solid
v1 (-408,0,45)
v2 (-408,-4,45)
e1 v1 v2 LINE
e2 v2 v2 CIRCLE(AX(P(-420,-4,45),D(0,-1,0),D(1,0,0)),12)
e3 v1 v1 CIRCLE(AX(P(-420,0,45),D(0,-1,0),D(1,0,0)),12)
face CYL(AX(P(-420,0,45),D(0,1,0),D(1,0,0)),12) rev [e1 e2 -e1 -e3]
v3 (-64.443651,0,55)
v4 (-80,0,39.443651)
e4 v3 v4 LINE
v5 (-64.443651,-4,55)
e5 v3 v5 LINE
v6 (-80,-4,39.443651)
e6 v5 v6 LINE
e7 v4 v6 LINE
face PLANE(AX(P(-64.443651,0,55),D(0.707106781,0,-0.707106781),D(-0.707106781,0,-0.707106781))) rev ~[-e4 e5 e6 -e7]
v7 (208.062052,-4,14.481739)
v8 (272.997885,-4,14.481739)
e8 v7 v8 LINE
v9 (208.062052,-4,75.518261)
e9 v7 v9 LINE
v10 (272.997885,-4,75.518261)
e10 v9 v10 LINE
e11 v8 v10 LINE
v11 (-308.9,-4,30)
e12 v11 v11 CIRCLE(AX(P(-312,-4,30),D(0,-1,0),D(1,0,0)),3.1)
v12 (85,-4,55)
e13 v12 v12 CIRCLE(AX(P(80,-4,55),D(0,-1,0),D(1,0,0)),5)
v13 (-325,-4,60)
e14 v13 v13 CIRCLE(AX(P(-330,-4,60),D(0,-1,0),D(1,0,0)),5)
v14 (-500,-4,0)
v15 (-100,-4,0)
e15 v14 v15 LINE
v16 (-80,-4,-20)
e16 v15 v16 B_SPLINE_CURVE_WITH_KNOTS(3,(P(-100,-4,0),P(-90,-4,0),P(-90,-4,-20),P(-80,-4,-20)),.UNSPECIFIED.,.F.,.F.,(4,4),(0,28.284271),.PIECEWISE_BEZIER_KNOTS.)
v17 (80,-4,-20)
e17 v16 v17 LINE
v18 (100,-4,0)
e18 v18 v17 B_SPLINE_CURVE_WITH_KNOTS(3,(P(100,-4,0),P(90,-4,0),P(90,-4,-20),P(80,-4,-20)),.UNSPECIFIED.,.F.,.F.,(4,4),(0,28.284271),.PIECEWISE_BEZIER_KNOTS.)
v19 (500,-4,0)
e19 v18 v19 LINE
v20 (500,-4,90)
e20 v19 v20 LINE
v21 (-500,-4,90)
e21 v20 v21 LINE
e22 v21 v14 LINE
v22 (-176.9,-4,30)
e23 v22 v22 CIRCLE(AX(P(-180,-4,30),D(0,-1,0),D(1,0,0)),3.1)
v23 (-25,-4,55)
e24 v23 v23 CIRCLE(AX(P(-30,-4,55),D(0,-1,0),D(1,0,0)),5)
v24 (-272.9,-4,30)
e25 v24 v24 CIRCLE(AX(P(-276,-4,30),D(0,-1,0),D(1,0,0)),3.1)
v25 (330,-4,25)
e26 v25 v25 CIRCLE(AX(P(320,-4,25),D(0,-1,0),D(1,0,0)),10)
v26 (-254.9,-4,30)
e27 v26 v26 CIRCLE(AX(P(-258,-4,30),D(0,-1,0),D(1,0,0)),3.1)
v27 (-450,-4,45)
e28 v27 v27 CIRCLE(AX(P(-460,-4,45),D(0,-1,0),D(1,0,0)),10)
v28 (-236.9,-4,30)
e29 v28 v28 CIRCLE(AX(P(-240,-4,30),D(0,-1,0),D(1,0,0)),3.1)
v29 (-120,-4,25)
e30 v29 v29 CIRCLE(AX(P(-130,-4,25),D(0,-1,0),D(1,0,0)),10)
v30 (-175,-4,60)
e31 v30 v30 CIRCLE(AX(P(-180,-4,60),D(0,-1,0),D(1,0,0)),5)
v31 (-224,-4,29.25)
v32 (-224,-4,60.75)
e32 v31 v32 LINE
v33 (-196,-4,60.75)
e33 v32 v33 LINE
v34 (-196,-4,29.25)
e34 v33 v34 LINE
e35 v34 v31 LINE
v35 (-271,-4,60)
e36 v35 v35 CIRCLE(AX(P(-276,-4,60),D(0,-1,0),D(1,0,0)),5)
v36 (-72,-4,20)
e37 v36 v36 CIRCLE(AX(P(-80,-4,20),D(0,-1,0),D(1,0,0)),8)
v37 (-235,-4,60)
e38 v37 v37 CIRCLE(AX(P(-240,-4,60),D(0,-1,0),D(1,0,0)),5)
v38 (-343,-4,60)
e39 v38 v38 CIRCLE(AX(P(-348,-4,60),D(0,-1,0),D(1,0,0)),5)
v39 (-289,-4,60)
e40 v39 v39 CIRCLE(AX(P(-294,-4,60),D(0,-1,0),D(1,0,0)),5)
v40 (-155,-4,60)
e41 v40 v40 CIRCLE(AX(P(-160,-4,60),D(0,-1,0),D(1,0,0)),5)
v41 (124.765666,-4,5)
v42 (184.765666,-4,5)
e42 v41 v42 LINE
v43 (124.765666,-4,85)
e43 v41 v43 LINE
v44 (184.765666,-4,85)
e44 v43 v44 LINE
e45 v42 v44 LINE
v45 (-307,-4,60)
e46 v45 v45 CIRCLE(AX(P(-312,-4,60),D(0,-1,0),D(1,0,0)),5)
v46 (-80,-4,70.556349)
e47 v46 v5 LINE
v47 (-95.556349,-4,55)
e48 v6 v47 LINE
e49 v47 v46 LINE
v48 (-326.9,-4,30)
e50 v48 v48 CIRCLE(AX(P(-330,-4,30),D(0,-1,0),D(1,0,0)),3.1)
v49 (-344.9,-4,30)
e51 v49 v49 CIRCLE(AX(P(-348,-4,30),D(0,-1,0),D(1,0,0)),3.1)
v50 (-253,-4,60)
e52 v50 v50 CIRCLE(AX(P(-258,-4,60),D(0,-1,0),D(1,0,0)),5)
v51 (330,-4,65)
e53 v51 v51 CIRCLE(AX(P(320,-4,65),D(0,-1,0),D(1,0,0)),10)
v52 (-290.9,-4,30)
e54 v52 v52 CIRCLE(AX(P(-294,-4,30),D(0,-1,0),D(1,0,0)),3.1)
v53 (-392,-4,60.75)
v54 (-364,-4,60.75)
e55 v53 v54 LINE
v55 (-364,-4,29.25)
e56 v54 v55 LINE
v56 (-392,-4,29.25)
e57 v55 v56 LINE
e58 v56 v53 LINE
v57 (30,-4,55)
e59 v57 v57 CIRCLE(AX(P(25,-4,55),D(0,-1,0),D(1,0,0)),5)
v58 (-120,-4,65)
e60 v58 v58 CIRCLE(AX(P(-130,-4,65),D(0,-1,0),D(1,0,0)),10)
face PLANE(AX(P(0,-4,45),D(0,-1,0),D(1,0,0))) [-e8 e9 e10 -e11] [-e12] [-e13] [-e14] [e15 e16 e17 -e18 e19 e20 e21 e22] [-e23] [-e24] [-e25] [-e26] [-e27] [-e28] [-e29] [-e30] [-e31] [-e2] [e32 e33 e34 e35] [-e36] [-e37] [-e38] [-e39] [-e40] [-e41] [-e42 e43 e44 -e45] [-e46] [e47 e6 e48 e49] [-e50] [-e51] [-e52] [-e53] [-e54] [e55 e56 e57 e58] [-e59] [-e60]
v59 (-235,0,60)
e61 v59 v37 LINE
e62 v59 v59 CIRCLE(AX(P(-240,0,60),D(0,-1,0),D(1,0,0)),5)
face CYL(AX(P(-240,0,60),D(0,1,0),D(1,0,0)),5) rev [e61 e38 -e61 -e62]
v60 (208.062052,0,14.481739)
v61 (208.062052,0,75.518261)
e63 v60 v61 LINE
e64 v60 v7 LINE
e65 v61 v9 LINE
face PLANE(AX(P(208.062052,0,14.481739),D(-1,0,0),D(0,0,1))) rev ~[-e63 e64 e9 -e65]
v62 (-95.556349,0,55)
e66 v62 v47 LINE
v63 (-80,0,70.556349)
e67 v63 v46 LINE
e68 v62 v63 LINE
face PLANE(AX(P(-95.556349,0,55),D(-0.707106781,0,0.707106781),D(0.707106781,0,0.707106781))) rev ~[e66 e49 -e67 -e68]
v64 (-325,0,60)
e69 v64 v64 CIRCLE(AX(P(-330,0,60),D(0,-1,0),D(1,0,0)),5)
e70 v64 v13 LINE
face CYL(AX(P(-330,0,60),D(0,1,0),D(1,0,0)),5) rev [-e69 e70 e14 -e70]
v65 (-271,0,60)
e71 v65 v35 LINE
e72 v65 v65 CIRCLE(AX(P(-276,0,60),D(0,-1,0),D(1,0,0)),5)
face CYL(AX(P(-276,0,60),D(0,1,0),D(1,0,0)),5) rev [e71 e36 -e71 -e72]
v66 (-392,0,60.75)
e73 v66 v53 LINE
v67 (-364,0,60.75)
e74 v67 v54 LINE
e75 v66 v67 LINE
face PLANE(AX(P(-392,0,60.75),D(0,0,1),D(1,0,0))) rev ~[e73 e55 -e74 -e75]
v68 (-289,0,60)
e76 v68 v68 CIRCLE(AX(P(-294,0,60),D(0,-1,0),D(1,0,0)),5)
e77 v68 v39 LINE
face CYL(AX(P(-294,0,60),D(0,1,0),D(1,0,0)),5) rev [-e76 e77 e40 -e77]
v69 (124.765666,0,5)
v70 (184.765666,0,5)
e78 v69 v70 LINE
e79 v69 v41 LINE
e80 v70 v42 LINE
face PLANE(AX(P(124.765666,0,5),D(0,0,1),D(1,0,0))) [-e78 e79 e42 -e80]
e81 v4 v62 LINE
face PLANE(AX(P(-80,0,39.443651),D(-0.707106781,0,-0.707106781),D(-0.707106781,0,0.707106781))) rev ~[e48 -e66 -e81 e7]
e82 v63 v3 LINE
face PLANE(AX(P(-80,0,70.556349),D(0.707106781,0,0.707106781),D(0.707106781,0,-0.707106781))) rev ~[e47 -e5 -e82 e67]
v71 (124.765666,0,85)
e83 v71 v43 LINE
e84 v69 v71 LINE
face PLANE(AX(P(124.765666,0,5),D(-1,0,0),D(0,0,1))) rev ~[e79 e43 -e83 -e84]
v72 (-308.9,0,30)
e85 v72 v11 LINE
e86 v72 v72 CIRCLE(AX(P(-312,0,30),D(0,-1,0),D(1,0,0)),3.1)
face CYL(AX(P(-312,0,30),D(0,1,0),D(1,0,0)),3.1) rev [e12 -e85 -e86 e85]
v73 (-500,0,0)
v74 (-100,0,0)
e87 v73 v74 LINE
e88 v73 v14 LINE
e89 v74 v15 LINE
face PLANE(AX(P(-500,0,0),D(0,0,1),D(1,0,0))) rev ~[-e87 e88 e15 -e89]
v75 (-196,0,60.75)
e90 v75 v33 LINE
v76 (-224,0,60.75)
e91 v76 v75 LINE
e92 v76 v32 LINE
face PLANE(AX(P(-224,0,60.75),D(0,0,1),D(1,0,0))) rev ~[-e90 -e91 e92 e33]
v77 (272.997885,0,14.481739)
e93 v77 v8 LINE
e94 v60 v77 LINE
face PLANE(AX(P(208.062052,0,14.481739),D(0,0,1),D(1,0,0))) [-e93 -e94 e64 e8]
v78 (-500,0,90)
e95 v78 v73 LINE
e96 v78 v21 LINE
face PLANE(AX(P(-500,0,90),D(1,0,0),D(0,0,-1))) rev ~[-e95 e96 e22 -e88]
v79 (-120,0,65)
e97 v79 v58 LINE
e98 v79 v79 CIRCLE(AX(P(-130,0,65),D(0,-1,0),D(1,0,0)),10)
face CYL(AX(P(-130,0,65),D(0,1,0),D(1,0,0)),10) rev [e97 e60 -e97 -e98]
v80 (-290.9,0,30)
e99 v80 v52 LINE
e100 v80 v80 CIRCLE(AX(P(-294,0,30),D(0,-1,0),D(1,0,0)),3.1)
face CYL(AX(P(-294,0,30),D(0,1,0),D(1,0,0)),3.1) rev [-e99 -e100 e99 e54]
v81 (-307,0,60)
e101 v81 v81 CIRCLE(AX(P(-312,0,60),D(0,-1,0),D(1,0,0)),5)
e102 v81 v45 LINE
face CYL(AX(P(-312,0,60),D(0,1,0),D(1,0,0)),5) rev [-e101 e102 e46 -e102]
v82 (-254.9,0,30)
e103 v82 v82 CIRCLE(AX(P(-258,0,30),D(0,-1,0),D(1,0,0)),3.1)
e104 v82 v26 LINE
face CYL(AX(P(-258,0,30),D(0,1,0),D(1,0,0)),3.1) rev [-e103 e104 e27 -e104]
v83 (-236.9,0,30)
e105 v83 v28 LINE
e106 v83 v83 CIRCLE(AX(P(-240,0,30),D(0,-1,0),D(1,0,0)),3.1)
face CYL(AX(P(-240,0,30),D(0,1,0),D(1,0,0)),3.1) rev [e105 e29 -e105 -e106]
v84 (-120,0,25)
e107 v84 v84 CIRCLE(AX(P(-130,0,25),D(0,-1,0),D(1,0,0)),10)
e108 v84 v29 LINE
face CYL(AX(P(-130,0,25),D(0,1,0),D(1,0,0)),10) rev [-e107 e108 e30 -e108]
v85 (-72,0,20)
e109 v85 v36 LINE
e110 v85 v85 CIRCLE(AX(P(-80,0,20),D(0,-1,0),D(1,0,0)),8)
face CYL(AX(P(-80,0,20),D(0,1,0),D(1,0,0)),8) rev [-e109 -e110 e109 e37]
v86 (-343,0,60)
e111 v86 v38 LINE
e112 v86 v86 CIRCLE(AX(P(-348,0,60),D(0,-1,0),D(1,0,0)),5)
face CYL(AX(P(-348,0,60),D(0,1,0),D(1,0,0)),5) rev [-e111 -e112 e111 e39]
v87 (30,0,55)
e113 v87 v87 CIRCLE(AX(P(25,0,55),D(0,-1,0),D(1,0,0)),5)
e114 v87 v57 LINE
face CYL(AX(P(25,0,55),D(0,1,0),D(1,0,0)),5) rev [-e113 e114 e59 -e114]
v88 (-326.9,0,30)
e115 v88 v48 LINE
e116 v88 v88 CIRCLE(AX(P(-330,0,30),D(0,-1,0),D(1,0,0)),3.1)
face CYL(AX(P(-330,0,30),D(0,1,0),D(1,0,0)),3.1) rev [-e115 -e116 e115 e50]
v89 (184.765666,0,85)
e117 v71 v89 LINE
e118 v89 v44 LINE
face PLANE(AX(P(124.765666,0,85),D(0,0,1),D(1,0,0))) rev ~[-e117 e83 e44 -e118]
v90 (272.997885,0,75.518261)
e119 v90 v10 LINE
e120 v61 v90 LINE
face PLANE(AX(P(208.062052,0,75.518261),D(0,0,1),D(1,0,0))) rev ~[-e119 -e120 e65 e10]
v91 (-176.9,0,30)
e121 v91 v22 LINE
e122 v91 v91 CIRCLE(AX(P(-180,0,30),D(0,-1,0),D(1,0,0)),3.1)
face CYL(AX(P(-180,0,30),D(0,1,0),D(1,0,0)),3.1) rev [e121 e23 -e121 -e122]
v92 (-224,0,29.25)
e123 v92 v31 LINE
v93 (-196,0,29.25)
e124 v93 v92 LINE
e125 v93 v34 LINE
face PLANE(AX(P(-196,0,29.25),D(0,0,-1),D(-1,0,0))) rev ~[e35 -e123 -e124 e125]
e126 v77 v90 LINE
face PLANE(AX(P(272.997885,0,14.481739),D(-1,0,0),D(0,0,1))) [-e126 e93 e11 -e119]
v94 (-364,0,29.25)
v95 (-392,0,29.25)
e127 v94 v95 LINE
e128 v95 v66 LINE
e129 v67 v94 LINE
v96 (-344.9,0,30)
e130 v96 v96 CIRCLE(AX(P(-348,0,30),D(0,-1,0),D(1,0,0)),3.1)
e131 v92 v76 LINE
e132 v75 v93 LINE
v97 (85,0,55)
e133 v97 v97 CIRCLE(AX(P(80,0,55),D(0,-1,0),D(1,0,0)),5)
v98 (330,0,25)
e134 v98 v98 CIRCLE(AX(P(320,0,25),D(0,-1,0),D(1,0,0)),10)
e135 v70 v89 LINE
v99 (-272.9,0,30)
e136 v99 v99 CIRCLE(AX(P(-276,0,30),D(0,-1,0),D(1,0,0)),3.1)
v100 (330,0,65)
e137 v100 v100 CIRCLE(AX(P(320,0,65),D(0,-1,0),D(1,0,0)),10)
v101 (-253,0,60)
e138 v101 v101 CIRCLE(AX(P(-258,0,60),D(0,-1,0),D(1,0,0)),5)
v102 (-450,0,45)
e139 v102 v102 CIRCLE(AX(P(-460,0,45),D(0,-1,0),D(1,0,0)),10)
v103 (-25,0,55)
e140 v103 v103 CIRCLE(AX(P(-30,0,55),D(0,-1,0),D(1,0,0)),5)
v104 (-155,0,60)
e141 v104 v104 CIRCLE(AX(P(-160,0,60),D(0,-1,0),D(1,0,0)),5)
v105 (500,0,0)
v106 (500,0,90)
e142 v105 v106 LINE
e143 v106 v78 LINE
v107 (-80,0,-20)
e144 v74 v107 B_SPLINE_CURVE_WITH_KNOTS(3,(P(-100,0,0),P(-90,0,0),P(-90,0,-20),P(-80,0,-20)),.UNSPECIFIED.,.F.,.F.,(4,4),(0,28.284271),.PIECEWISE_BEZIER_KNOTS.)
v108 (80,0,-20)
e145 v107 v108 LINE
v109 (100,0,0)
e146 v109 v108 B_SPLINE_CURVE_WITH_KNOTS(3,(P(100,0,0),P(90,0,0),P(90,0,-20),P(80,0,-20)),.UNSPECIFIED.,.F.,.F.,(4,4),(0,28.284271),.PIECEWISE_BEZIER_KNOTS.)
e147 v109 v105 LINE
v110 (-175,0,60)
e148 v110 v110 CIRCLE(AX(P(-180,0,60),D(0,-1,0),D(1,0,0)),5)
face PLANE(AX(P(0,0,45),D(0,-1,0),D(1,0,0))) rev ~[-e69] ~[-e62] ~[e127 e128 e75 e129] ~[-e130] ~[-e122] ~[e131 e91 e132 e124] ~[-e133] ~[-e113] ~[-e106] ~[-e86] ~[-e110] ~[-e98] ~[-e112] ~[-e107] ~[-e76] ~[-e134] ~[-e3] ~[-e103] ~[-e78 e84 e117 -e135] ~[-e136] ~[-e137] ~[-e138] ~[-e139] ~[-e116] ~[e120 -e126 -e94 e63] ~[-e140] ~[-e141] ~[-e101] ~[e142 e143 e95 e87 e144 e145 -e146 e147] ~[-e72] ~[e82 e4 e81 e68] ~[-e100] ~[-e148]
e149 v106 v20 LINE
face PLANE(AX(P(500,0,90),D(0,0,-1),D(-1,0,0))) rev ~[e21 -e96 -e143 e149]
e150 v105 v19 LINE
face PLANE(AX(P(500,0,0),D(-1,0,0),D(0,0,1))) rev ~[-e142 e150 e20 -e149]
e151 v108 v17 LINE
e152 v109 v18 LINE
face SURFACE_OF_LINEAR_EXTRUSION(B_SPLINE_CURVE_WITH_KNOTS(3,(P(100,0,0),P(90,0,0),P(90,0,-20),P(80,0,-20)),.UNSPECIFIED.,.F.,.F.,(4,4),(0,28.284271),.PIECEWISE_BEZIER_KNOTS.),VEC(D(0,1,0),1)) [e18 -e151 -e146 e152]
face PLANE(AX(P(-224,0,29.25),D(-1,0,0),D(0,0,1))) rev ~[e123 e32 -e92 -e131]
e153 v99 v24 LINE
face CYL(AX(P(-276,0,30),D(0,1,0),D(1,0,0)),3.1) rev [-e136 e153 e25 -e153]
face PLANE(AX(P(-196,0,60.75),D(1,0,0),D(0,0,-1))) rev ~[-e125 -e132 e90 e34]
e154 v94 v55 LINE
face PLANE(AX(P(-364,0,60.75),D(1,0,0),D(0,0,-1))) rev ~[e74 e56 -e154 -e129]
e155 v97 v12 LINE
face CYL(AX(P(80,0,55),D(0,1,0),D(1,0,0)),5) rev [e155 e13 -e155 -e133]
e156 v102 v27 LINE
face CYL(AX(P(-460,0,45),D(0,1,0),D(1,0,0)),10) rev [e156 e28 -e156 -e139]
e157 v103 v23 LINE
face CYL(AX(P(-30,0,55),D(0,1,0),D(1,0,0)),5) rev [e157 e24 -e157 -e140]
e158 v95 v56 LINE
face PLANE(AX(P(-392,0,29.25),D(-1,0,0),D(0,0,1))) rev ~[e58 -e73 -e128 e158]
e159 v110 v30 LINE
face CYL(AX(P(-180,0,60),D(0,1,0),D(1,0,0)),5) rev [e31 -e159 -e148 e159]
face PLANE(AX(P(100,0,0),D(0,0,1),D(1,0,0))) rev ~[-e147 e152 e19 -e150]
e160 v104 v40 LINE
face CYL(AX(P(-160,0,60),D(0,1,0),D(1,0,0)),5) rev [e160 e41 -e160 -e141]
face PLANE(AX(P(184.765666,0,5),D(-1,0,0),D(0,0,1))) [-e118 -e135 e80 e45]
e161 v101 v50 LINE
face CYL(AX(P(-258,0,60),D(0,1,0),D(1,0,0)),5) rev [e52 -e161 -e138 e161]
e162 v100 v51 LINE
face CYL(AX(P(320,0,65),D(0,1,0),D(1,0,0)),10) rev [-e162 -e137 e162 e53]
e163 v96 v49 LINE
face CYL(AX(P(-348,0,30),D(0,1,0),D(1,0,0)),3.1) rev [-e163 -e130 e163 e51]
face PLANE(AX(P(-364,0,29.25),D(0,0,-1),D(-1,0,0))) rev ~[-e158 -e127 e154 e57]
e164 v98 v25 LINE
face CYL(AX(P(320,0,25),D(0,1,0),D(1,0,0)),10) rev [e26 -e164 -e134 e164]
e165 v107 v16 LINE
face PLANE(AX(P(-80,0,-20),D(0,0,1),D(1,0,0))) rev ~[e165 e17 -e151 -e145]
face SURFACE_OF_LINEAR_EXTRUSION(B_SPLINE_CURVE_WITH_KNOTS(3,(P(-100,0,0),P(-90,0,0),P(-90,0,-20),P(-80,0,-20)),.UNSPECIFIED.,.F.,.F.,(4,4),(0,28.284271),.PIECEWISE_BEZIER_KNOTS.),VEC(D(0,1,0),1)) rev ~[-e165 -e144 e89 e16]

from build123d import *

# Parameters (mm, degrees)
F0_R     = 3.1
F0_R_2   = 8
F0_R_3   = 10
F0_R_4   = 12
F0_R_5   = 5
F0_W     = 60
F0_H     = 80
F0_W_2   = 64.935833
F0_H_2   = 61.036522
F1_DEPTH = 4


with BuildPart() as f1:
    # F0 (on Front) → F1 (new body)
    with BuildSketch(Plane.XZ):
        Polygon((500, 90), (-500, 90), (-500, 0), (-100, 0), (100, 0), (500, 0), align=None)
        with Locations((-348, 30)):
            Circle(F0_R, mode=Mode.SUBTRACT)
        with Locations((-330, 30)):
            Circle(F0_R, mode=Mode.SUBTRACT)
        with Locations((-312, 30)):
            Circle(F0_R, mode=Mode.SUBTRACT)
        with Locations((-294, 30)):
            Circle(F0_R, mode=Mode.SUBTRACT)
        with Locations((-276, 30)):
            Circle(F0_R, mode=Mode.SUBTRACT)
        with Locations((-258, 30)):
            Circle(F0_R, mode=Mode.SUBTRACT)
        with Locations((-80, 20)):
            Circle(F0_R_2, mode=Mode.SUBTRACT)
        with Locations((-130, 25)):
            Circle(F0_R_3, mode=Mode.SUBTRACT)
        with Locations((-240, 30)):
            Circle(F0_R, mode=Mode.SUBTRACT)
        with Locations((-180, 30)):
            Circle(F0_R, mode=Mode.SUBTRACT)
        with Locations((320, 25)):
            Circle(F0_R_3, mode=Mode.SUBTRACT)
        with Locations((-460, 45)):
            Circle(F0_R_3, mode=Mode.SUBTRACT)
        with Locations((-420, 45)):
            Circle(F0_R_4, mode=Mode.SUBTRACT)
        Polygon((-392, 29.25), (-392, 60.75), (-378, 60.75), (-364, 60.75), (-364, 29.25), (-378, 29.25), align=None, mode=Mode.SUBTRACT)
        with Locations((-348, 60)):
            Circle(F0_R_5, mode=Mode.SUBTRACT)
        with Locations((-330, 60)):
            Circle(F0_R_5, mode=Mode.SUBTRACT)
        with Locations((-312, 60)):
            Circle(F0_R_5, mode=Mode.SUBTRACT)
        with Locations((-294, 60)):
            Circle(F0_R_5, mode=Mode.SUBTRACT)
        with Locations((-276, 60)):
            Circle(F0_R_5, mode=Mode.SUBTRACT)
        with Locations((-258, 60)):
            Circle(F0_R_5, mode=Mode.SUBTRACT)
        Polygon((-224, 29.25), (-224, 60.75), (-210, 60.75), (-196, 60.75), (-196, 29.25), (-210, 29.25), align=None, mode=Mode.SUBTRACT)
        with Locations((-240, 60)):
            Circle(F0_R_5, mode=Mode.SUBTRACT)
        with Locations((-180, 60)):
            Circle(F0_R_5, mode=Mode.SUBTRACT)
        with Locations((-160, 60)):
            Circle(F0_R_5, mode=Mode.SUBTRACT)
        Polygon((-95.556349, 55), (-80, 70.556349), (-64.443651, 55), (-80, 39.443651), align=None, mode=Mode.SUBTRACT)
        with Locations((-30, 55)):
            Circle(F0_R_5, mode=Mode.SUBTRACT)
        with Locations((-130, 65)):
            Circle(F0_R_3, mode=Mode.SUBTRACT)
        with Locations((154.765666, 45)):
            Rectangle(F0_W, F0_H, mode=Mode.SUBTRACT)
        with Locations((240.529969, 45)):
            Rectangle(F0_W_2, F0_H_2, mode=Mode.SUBTRACT)
        with Locations((25, 55)):
            Circle(F0_R_5, mode=Mode.SUBTRACT)
        with Locations((80, 55)):
            Circle(F0_R_5, mode=Mode.SUBTRACT)
        with Locations((320, 65)):
            Circle(F0_R_3, mode=Mode.SUBTRACT)
        with BuildLine():
            Line((100, 0), (-100, 0))
            add(Edge.make_bspline(
                [(-100, 0), (-90, 0), (-90, -20), (-80, -20)],
                knots=[0, 0, 0, 0, 28.284271, 28.284271, 28.284271, 28.284271], degree=3))
            Line((-80, -20), (80, -20))
            add(Edge.make_bspline(
                [(100, 0), (90, 0), (90, -20), (80, -20)],
                knots=[0, 0, 0, 0, 28.284271, 28.284271, 28.284271, 28.284271], degree=3))
        make_face()
    extrude(amount=F1_DEPTH)


solid = f1.part
